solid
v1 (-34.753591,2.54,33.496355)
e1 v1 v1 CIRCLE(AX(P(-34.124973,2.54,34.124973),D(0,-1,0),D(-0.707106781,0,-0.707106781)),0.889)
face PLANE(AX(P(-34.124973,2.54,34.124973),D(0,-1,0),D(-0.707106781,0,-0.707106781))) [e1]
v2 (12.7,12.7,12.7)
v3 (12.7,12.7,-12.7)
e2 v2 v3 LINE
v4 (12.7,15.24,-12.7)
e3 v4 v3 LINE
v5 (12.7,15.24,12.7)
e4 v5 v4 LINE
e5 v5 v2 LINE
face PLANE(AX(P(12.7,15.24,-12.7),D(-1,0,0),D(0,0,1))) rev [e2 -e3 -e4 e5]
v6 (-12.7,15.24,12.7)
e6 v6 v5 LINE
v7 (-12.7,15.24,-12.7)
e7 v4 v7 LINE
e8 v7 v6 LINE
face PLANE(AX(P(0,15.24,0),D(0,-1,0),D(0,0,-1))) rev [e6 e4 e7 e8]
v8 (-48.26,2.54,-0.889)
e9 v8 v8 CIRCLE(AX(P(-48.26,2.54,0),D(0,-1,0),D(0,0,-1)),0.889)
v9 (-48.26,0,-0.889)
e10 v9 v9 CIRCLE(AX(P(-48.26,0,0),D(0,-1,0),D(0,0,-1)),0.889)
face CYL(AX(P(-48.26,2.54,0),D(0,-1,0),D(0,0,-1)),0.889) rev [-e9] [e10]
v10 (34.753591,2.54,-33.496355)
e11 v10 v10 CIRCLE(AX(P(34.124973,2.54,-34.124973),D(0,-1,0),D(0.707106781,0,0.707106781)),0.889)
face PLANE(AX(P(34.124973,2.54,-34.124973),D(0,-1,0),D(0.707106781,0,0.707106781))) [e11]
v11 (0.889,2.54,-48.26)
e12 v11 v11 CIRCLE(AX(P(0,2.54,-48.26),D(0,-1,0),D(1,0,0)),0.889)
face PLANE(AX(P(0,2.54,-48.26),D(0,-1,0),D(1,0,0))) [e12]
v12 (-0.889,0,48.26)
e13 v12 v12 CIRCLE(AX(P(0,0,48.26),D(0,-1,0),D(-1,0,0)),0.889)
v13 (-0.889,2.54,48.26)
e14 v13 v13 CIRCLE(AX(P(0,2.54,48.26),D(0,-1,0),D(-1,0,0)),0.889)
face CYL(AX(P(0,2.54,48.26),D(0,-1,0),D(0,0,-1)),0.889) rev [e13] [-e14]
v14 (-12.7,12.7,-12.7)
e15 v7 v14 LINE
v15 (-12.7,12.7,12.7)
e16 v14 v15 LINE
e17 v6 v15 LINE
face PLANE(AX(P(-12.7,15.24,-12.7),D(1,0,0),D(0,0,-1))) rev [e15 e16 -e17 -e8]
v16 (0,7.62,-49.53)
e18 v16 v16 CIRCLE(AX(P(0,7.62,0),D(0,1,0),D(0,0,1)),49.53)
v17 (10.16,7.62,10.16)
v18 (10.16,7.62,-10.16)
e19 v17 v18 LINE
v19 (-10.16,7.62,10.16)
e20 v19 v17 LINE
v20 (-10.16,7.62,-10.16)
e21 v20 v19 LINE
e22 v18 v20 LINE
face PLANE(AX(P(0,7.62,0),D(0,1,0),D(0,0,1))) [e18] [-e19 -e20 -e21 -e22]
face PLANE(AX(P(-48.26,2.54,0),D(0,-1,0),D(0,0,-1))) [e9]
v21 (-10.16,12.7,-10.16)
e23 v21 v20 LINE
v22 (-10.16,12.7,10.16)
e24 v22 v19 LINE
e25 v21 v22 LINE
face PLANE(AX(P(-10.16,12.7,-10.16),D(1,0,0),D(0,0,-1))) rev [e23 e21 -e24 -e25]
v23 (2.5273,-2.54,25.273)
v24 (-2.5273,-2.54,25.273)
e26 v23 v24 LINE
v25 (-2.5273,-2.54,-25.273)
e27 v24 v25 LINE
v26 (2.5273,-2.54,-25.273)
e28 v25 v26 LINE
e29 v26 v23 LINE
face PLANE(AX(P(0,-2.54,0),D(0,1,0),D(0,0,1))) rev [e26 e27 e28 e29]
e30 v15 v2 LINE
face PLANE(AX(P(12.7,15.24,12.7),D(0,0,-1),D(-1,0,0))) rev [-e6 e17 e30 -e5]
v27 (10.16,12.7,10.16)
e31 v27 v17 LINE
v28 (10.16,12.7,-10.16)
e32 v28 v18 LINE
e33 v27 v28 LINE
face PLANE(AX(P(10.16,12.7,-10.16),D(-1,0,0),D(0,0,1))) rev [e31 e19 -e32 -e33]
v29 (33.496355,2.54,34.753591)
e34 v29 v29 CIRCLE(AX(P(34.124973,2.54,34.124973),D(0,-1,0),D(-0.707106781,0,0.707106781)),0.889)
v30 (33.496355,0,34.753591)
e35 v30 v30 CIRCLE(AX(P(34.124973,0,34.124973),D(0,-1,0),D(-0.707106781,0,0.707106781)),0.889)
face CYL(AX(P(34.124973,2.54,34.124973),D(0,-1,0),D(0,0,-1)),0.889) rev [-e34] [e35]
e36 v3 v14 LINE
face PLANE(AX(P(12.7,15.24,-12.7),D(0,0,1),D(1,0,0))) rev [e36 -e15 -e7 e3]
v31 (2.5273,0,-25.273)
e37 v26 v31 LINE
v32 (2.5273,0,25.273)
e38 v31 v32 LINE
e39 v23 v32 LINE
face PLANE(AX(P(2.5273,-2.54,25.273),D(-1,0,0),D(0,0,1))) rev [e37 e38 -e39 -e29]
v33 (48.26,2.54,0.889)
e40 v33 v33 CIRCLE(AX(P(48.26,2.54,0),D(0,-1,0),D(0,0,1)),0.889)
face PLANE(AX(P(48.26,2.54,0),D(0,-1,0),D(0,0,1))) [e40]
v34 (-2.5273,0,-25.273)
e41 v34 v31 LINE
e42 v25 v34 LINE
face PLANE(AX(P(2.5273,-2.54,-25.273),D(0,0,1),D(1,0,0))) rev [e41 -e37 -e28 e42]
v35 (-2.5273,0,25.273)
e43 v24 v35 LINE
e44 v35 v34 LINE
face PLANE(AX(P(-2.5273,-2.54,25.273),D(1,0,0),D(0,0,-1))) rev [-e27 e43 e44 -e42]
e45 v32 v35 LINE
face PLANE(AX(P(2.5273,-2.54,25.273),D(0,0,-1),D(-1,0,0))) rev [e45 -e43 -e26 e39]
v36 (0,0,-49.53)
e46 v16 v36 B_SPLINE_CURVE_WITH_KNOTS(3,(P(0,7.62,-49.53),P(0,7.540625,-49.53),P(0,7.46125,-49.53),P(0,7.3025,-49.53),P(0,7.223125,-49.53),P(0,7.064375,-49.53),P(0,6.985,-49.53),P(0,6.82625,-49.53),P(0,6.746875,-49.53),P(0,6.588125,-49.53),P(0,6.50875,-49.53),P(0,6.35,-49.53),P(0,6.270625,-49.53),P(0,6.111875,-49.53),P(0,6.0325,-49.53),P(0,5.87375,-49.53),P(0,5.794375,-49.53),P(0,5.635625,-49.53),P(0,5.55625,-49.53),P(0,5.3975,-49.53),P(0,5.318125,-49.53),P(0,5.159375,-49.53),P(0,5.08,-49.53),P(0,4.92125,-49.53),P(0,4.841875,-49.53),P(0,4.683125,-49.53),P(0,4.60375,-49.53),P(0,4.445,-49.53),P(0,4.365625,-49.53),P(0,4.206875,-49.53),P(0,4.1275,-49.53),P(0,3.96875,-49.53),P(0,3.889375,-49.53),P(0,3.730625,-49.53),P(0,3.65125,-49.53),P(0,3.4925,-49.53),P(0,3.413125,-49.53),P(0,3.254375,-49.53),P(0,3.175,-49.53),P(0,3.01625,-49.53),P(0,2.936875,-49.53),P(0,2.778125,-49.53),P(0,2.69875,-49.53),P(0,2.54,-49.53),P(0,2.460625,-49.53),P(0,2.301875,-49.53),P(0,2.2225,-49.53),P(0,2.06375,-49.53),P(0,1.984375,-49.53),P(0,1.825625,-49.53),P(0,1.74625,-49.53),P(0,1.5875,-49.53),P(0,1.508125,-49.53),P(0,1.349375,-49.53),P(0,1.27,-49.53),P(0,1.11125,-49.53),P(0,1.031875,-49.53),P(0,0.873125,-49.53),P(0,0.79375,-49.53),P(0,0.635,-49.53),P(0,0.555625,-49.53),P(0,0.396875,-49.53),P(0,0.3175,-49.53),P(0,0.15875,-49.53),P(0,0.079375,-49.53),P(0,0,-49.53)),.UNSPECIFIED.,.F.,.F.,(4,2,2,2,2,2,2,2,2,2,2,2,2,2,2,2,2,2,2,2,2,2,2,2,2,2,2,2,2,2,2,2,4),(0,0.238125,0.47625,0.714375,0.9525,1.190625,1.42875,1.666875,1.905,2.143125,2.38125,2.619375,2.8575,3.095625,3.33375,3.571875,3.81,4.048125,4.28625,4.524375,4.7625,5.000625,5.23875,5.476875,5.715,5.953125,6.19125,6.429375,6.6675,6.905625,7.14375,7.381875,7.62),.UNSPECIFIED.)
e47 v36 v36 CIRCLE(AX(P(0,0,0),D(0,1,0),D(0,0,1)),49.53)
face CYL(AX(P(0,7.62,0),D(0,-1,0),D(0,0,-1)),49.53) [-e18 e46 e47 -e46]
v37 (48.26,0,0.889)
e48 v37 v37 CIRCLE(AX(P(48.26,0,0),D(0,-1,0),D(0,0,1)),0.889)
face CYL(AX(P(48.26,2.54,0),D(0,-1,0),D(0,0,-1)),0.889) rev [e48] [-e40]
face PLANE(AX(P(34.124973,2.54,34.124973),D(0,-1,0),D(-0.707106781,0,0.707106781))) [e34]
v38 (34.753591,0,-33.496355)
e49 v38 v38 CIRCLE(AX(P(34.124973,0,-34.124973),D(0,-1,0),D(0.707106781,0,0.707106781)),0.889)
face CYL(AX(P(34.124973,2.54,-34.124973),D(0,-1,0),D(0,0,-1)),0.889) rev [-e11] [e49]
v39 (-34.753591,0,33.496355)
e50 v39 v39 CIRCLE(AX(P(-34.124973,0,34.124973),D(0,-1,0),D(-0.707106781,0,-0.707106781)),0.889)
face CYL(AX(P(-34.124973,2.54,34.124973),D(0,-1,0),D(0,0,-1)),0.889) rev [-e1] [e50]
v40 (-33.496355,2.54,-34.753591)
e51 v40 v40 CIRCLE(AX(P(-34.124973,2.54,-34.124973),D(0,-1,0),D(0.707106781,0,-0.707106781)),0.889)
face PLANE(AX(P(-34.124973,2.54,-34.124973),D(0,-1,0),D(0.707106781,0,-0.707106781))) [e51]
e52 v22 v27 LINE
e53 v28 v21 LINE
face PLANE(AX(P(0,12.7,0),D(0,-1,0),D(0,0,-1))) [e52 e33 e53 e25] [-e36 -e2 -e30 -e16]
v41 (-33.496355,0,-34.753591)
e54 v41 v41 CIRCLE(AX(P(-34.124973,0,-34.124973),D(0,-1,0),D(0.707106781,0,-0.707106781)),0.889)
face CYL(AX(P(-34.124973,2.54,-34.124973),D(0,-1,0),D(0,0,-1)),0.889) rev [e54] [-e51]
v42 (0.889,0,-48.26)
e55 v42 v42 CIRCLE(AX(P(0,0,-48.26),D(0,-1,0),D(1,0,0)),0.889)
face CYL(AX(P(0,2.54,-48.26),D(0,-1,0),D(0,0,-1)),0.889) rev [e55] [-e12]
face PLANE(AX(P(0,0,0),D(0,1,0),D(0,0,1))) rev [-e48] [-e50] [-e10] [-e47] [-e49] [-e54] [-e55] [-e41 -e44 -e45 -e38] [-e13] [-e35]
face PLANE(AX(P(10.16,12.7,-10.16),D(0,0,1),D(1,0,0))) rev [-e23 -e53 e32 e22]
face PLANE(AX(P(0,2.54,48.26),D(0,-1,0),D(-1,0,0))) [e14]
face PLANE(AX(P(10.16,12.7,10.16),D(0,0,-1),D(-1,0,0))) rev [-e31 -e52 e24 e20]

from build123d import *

# Parameters (mm, degrees)
SKETCH1_R           = 49.53
BOSS_EXTRUDE1_DEPTH = 7.62
SKETCH2_R           = 0.889
CUT_EXTRUDE1_DEPTH  = 2.54
CIRPATTERN1_COUNT   = 8
SKETCH4_W           = 5.0546
SKETCH4_H           = 50.546
BOSS_EXTRUDE3_DEPTH = 2.54
SKETCH5_W           = 20.32
SKETCH5_H           = 20.32
BOSS_EXTRUDE4_DEPTH = 5.08
SKETCH6_W           = 25.4
SKETCH6_H           = 25.4
BOSS_EXTRUDE5_DEPTH = 2.54


with BuildPart() as part:
    # Sketch1 → Boss-Extrude1 (new body)
    with BuildSketch(Plane(origin=(0, 0, 0), x_dir=(1, 0, 0), z_dir=(0, 1, 0))):
        with Locations(Location((0, 0, 0), (0, 0, 90))):
            Circle(SKETCH1_R)
    extrude(amount=BOSS_EXTRUDE1_DEPTH)

    # Sketch2 → Cut-Extrude1 (cut)
    with BuildSketch(Plane.XZ):
        with Locations(Location((-48.26, 0, 0), (0, 0, 270))):
            Circle(SKETCH2_R)
    cut_extrude1 = extrude(amount=-CUT_EXTRUDE1_DEPTH, mode=Mode.SUBTRACT)

    # CirPattern1: Cut-Extrude1 ×8 about axis
    cirpattern1_axis = Axis((0, 0, 0), (0, 1, 0))
    for i in range(1, CIRPATTERN1_COUNT):
        add(cut_extrude1.rotate(cirpattern1_axis, i * 360 / CIRPATTERN1_COUNT), mode=Mode.SUBTRACT)

    # Sketch4 → Boss-Extrude3 (add)
    with BuildSketch(Plane.XZ):
        Rectangle(SKETCH4_W, SKETCH4_H)
    extrude(amount=BOSS_EXTRUDE3_DEPTH)

    # Sketch5 → Boss-Extrude4 (add)
    with BuildSketch(Plane(origin=(0, 7.62, 0), x_dir=(1, 0, 0), z_dir=(0, 1, 0))):
        Rectangle(SKETCH5_W, SKETCH5_H)
    extrude(amount=BOSS_EXTRUDE4_DEPTH)

    # Sketch6 → Boss-Extrude5 (add)
    with BuildSketch(Plane(origin=(0, 12.7, 0), x_dir=(1, 0, 0), z_dir=(0, 1, 0))):
        Rectangle(SKETCH6_W, SKETCH6_H)
    extrude(amount=BOSS_EXTRUDE5_DEPTH)


solid = part.part
